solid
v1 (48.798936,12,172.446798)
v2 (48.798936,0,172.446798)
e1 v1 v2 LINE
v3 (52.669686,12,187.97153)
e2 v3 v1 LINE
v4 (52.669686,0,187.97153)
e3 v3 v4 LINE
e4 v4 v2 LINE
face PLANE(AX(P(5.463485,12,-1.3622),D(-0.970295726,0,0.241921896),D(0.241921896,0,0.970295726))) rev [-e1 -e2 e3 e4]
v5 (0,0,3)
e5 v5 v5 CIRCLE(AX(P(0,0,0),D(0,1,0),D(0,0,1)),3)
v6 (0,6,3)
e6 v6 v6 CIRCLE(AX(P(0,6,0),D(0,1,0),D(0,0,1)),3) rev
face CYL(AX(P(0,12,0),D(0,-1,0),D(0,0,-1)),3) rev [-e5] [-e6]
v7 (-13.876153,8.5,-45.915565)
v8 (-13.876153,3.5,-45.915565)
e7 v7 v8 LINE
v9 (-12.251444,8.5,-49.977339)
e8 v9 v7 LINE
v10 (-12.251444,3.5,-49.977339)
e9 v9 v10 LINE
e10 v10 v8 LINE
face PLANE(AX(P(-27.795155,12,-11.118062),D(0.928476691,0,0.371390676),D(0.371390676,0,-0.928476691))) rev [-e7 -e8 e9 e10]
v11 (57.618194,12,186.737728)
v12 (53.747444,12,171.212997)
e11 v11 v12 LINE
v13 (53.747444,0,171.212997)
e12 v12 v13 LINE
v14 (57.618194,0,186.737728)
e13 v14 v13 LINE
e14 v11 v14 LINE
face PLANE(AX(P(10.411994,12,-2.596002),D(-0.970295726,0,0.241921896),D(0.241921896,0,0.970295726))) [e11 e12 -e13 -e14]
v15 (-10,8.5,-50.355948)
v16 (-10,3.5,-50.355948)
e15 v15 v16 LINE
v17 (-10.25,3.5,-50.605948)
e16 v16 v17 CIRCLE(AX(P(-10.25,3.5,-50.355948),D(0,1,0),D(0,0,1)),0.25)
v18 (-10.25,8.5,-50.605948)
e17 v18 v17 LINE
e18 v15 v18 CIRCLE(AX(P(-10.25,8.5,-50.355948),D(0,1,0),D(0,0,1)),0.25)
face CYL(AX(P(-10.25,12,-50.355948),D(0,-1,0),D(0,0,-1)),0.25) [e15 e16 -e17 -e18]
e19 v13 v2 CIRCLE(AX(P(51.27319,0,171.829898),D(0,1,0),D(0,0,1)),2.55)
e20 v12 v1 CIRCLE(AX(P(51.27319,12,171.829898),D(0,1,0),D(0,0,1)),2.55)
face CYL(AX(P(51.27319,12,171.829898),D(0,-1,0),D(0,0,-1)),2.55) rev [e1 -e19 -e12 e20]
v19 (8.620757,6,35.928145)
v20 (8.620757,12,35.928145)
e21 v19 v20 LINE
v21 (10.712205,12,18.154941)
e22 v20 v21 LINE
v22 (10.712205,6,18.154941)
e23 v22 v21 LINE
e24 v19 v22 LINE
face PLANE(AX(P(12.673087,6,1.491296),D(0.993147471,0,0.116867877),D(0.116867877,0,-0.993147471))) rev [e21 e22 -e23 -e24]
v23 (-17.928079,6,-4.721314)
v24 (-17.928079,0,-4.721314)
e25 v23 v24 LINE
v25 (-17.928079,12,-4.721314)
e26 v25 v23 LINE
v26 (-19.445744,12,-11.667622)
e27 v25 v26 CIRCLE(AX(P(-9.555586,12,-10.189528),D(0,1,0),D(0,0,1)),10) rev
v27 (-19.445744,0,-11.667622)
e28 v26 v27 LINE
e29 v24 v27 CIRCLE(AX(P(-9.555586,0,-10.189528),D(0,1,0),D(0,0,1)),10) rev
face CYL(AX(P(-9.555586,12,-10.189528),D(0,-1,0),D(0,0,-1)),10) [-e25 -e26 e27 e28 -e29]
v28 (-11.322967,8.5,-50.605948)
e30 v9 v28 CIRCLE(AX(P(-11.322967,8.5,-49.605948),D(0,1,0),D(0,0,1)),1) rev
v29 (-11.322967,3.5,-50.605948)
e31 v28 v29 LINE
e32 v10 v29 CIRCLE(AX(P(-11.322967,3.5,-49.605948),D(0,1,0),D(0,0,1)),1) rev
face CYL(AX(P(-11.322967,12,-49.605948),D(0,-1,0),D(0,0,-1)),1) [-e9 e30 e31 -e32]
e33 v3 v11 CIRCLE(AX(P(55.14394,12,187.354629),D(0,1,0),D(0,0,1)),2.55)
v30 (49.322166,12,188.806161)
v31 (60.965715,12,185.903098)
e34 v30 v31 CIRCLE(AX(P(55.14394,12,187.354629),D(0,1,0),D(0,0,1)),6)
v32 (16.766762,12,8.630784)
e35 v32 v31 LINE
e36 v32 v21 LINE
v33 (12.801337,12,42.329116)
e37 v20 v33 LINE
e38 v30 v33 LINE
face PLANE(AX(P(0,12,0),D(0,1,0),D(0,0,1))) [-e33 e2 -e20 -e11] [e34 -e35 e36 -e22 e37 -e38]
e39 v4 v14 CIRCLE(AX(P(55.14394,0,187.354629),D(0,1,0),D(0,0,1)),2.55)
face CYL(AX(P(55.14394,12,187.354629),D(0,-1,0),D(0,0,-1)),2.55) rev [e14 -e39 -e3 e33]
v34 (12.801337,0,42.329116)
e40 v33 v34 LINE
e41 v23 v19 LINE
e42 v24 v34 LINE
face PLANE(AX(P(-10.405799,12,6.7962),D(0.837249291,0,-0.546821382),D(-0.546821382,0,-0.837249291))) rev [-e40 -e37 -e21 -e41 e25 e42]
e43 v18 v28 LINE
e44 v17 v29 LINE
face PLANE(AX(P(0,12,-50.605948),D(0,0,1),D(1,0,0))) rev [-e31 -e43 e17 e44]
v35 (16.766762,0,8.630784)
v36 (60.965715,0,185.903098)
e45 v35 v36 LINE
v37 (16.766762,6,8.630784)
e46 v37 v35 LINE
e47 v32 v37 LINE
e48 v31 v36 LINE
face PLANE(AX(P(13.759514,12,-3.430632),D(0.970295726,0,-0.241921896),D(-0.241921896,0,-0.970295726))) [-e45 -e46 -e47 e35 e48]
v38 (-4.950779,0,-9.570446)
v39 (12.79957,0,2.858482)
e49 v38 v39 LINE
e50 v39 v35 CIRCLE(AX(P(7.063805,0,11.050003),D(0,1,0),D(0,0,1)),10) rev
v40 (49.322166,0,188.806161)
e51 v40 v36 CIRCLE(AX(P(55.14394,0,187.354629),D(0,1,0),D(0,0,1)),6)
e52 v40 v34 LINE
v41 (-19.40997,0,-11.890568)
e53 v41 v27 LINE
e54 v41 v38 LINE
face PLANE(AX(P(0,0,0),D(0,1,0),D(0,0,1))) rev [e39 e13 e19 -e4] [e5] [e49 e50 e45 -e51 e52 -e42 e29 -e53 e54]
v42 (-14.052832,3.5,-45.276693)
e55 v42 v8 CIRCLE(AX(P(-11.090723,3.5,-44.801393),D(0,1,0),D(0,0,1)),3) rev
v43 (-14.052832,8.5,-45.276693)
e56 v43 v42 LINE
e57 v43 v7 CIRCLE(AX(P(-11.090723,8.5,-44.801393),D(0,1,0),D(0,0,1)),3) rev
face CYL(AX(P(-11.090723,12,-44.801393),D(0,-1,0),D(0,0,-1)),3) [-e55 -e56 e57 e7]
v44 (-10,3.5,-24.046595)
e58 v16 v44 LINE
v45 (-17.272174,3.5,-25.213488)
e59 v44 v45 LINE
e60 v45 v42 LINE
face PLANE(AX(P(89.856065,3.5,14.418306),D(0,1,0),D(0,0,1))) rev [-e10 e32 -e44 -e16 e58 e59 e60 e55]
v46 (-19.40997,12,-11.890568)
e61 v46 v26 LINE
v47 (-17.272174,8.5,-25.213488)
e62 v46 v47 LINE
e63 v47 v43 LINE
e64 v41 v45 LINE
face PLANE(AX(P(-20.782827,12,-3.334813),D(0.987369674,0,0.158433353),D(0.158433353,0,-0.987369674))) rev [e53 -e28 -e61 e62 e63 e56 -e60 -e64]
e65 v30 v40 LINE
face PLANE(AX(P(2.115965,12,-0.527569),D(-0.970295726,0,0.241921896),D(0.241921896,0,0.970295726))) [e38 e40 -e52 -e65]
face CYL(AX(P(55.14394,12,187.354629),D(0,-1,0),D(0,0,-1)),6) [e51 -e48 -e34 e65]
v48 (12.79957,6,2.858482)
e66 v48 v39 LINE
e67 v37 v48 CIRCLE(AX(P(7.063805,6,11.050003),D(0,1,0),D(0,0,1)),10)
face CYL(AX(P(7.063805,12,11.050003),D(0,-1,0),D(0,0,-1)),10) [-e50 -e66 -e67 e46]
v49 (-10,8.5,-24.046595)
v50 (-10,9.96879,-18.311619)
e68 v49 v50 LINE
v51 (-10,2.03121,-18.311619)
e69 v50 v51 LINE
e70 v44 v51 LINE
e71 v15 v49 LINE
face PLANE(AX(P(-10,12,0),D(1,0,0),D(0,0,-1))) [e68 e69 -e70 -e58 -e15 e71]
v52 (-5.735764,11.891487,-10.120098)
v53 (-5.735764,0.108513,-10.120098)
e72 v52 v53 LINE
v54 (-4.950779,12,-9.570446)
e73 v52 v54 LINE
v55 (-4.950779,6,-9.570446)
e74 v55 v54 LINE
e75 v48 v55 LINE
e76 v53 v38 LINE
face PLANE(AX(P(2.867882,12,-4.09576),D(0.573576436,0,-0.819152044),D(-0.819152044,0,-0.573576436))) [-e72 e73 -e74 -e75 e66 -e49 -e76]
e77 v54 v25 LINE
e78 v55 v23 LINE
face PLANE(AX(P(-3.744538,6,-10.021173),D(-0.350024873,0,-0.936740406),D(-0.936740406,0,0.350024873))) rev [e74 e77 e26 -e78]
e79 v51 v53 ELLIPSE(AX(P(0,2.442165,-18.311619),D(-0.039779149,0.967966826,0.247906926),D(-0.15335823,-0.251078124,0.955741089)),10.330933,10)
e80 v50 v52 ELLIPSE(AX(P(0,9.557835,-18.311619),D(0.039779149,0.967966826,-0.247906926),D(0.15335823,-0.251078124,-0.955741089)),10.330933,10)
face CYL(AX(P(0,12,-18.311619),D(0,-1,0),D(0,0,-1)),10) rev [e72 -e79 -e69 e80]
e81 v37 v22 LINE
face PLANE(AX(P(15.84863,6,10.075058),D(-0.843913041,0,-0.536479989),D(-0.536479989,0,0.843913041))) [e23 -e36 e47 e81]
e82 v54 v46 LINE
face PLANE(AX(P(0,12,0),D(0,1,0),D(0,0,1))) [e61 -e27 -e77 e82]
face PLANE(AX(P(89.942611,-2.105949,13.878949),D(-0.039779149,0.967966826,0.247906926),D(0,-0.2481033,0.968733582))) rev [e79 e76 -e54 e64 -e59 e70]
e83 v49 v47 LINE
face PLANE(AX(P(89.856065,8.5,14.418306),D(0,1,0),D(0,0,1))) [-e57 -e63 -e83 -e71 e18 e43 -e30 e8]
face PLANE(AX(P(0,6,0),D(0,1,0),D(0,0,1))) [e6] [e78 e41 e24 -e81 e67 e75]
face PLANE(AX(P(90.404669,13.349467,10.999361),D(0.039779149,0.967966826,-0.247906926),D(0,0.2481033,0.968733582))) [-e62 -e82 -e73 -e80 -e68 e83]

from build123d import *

# Parameters (mm, degrees)
SKETCH1_R           = 3
BOSS_EXTRUDE2_DEPTH = 12
SKETCH3_W           = 14.680148962
SKETCH3_H           = 3.5
CUT_EXTRUDE1_DEPTH  = 214.215717845
CUT_EXTRUDE4_DEPTH  = 6


with BuildPart() as part:
    # Sketch1 → Boss-Extrude2 (new body)
    with BuildSketch(Plane(origin=(0, 0, 0), x_dir=(1, 0, 0), z_dir=(0, 1, 0))):
        with BuildLine():
            ThreePointArc((49.32216584, -188.806160656), (56.59547157, -193.17640364), (60.965714553, -185.903097909))
            Line((60.965714554, -185.903097909), (16.76676248, -8.63078365))
            ThreePointArc((16.76676248, -8.63078365), (15.305067103, -5.385940236), (12.79956958, -2.858482163))
            Line((12.79956958, -2.858482163), (-5.735764363, 10.120098388))
            ThreePointArc((-5.735764363, 10.120098388), (-8.870108332, 13.694132698), (-10, 18.311618831))
            Line((-10, 18.311618831), (-10, 50.355948326))
            ThreePointArc((-10, 50.355948326), (-10.073223305, 50.532725021), (-10.25, 50.605948326))
            Line((-10.25, 50.605948326), (-11.322967039, 50.605948326))
            ThreePointArc((-11.322967039, 50.605948326), (-11.883595848, 50.434015556), (-12.251443729, 49.977339002))
            Line((-12.251443729, 49.977339002), (-13.876153382, 45.915564871))
            ThreePointArc((-13.876153382, 45.915564871), (-13.982191925, 45.601023533), (-14.052832331, 45.276692901))
            Line((-14.052832331, 45.276692901), (-19.445744306, 11.667622342))
            ThreePointArc((-19.445744306, 11.667622342), (-19.325125521, 8.055028023), (-17.928078586, 4.721314409))
            Line((-17.928078586, 4.721314409), (12.801336755, -42.329115693))
            Line((12.801336755, -42.329115693), (49.322165839, -188.806160656))
        make_face()
        with BuildLine():
            Line((53.747443969, -171.212996829), (57.618194299, -186.737728449))
            ThreePointArc((57.618194299, -186.737728449), (55.76084103, -189.828883385), (52.669686095, -187.971530117))
            Line((52.669686095, -187.971530117), (48.798935765, -172.446798496))
            ThreePointArc((48.798935765, -172.446798496), (50.656289033, -169.355643561), (53.747443969, -171.212996829))
        make_face(mode=Mode.SUBTRACT)
        with Locations(Location((0, 0, 0), (0, 0, 270))):
            Circle(SKETCH1_R, mode=Mode.SUBTRACT)
    extrude(amount=BOSS_EXTRUDE2_DEPTH)

    # Sketch3 → Cut-Extrude1 (cut, through all)
    with BuildSketch(Plane(origin=(-20.818600927, 0, -3.11186707), x_dir=(-0.15843335293481708, 0, 0.9873696737685596), z_dir=(-0.9873696737685597, 0, -0.1584333529348171))):
        Polygon((-42.704193729, 0), (-8.890997144, 0), (-22.384342691, 3.5), (-42.704193729, 3.5), align=None)
        Polygon((-22.384342691, 8.5), (-8.890997144, 12), (-42.704193729, 12), (-42.704193729, 8.5), align=None)
        with Locations((-50.04426821, 10.25)):
            Rectangle(SKETCH3_W, SKETCH3_H)
        with Locations((-50.04426821, 1.75)):
            Rectangle(SKETCH3_W, SKETCH3_H)
    extrude(amount=-CUT_EXTRUDE1_DEPTH, mode=Mode.SUBTRACT)

    # Sketch4 → Cut-Extrude4 (cut)
    with BuildSketch(Plane(origin=(0, 12, 0), x_dir=(1, 0, 0), z_dir=(0, 1, 0))):
        Polygon((-4.95077941, 9.570446006), (-17.928078586, 4.721314409), (8.620757021, -35.928145405), (10.712205441, -18.154940656), (16.76676248, -8.63078365), (17.432158169, -2.976226879), align=None)
    extrude(amount=-CUT_EXTRUDE4_DEPTH, mode=Mode.SUBTRACT)


solid = part.part
